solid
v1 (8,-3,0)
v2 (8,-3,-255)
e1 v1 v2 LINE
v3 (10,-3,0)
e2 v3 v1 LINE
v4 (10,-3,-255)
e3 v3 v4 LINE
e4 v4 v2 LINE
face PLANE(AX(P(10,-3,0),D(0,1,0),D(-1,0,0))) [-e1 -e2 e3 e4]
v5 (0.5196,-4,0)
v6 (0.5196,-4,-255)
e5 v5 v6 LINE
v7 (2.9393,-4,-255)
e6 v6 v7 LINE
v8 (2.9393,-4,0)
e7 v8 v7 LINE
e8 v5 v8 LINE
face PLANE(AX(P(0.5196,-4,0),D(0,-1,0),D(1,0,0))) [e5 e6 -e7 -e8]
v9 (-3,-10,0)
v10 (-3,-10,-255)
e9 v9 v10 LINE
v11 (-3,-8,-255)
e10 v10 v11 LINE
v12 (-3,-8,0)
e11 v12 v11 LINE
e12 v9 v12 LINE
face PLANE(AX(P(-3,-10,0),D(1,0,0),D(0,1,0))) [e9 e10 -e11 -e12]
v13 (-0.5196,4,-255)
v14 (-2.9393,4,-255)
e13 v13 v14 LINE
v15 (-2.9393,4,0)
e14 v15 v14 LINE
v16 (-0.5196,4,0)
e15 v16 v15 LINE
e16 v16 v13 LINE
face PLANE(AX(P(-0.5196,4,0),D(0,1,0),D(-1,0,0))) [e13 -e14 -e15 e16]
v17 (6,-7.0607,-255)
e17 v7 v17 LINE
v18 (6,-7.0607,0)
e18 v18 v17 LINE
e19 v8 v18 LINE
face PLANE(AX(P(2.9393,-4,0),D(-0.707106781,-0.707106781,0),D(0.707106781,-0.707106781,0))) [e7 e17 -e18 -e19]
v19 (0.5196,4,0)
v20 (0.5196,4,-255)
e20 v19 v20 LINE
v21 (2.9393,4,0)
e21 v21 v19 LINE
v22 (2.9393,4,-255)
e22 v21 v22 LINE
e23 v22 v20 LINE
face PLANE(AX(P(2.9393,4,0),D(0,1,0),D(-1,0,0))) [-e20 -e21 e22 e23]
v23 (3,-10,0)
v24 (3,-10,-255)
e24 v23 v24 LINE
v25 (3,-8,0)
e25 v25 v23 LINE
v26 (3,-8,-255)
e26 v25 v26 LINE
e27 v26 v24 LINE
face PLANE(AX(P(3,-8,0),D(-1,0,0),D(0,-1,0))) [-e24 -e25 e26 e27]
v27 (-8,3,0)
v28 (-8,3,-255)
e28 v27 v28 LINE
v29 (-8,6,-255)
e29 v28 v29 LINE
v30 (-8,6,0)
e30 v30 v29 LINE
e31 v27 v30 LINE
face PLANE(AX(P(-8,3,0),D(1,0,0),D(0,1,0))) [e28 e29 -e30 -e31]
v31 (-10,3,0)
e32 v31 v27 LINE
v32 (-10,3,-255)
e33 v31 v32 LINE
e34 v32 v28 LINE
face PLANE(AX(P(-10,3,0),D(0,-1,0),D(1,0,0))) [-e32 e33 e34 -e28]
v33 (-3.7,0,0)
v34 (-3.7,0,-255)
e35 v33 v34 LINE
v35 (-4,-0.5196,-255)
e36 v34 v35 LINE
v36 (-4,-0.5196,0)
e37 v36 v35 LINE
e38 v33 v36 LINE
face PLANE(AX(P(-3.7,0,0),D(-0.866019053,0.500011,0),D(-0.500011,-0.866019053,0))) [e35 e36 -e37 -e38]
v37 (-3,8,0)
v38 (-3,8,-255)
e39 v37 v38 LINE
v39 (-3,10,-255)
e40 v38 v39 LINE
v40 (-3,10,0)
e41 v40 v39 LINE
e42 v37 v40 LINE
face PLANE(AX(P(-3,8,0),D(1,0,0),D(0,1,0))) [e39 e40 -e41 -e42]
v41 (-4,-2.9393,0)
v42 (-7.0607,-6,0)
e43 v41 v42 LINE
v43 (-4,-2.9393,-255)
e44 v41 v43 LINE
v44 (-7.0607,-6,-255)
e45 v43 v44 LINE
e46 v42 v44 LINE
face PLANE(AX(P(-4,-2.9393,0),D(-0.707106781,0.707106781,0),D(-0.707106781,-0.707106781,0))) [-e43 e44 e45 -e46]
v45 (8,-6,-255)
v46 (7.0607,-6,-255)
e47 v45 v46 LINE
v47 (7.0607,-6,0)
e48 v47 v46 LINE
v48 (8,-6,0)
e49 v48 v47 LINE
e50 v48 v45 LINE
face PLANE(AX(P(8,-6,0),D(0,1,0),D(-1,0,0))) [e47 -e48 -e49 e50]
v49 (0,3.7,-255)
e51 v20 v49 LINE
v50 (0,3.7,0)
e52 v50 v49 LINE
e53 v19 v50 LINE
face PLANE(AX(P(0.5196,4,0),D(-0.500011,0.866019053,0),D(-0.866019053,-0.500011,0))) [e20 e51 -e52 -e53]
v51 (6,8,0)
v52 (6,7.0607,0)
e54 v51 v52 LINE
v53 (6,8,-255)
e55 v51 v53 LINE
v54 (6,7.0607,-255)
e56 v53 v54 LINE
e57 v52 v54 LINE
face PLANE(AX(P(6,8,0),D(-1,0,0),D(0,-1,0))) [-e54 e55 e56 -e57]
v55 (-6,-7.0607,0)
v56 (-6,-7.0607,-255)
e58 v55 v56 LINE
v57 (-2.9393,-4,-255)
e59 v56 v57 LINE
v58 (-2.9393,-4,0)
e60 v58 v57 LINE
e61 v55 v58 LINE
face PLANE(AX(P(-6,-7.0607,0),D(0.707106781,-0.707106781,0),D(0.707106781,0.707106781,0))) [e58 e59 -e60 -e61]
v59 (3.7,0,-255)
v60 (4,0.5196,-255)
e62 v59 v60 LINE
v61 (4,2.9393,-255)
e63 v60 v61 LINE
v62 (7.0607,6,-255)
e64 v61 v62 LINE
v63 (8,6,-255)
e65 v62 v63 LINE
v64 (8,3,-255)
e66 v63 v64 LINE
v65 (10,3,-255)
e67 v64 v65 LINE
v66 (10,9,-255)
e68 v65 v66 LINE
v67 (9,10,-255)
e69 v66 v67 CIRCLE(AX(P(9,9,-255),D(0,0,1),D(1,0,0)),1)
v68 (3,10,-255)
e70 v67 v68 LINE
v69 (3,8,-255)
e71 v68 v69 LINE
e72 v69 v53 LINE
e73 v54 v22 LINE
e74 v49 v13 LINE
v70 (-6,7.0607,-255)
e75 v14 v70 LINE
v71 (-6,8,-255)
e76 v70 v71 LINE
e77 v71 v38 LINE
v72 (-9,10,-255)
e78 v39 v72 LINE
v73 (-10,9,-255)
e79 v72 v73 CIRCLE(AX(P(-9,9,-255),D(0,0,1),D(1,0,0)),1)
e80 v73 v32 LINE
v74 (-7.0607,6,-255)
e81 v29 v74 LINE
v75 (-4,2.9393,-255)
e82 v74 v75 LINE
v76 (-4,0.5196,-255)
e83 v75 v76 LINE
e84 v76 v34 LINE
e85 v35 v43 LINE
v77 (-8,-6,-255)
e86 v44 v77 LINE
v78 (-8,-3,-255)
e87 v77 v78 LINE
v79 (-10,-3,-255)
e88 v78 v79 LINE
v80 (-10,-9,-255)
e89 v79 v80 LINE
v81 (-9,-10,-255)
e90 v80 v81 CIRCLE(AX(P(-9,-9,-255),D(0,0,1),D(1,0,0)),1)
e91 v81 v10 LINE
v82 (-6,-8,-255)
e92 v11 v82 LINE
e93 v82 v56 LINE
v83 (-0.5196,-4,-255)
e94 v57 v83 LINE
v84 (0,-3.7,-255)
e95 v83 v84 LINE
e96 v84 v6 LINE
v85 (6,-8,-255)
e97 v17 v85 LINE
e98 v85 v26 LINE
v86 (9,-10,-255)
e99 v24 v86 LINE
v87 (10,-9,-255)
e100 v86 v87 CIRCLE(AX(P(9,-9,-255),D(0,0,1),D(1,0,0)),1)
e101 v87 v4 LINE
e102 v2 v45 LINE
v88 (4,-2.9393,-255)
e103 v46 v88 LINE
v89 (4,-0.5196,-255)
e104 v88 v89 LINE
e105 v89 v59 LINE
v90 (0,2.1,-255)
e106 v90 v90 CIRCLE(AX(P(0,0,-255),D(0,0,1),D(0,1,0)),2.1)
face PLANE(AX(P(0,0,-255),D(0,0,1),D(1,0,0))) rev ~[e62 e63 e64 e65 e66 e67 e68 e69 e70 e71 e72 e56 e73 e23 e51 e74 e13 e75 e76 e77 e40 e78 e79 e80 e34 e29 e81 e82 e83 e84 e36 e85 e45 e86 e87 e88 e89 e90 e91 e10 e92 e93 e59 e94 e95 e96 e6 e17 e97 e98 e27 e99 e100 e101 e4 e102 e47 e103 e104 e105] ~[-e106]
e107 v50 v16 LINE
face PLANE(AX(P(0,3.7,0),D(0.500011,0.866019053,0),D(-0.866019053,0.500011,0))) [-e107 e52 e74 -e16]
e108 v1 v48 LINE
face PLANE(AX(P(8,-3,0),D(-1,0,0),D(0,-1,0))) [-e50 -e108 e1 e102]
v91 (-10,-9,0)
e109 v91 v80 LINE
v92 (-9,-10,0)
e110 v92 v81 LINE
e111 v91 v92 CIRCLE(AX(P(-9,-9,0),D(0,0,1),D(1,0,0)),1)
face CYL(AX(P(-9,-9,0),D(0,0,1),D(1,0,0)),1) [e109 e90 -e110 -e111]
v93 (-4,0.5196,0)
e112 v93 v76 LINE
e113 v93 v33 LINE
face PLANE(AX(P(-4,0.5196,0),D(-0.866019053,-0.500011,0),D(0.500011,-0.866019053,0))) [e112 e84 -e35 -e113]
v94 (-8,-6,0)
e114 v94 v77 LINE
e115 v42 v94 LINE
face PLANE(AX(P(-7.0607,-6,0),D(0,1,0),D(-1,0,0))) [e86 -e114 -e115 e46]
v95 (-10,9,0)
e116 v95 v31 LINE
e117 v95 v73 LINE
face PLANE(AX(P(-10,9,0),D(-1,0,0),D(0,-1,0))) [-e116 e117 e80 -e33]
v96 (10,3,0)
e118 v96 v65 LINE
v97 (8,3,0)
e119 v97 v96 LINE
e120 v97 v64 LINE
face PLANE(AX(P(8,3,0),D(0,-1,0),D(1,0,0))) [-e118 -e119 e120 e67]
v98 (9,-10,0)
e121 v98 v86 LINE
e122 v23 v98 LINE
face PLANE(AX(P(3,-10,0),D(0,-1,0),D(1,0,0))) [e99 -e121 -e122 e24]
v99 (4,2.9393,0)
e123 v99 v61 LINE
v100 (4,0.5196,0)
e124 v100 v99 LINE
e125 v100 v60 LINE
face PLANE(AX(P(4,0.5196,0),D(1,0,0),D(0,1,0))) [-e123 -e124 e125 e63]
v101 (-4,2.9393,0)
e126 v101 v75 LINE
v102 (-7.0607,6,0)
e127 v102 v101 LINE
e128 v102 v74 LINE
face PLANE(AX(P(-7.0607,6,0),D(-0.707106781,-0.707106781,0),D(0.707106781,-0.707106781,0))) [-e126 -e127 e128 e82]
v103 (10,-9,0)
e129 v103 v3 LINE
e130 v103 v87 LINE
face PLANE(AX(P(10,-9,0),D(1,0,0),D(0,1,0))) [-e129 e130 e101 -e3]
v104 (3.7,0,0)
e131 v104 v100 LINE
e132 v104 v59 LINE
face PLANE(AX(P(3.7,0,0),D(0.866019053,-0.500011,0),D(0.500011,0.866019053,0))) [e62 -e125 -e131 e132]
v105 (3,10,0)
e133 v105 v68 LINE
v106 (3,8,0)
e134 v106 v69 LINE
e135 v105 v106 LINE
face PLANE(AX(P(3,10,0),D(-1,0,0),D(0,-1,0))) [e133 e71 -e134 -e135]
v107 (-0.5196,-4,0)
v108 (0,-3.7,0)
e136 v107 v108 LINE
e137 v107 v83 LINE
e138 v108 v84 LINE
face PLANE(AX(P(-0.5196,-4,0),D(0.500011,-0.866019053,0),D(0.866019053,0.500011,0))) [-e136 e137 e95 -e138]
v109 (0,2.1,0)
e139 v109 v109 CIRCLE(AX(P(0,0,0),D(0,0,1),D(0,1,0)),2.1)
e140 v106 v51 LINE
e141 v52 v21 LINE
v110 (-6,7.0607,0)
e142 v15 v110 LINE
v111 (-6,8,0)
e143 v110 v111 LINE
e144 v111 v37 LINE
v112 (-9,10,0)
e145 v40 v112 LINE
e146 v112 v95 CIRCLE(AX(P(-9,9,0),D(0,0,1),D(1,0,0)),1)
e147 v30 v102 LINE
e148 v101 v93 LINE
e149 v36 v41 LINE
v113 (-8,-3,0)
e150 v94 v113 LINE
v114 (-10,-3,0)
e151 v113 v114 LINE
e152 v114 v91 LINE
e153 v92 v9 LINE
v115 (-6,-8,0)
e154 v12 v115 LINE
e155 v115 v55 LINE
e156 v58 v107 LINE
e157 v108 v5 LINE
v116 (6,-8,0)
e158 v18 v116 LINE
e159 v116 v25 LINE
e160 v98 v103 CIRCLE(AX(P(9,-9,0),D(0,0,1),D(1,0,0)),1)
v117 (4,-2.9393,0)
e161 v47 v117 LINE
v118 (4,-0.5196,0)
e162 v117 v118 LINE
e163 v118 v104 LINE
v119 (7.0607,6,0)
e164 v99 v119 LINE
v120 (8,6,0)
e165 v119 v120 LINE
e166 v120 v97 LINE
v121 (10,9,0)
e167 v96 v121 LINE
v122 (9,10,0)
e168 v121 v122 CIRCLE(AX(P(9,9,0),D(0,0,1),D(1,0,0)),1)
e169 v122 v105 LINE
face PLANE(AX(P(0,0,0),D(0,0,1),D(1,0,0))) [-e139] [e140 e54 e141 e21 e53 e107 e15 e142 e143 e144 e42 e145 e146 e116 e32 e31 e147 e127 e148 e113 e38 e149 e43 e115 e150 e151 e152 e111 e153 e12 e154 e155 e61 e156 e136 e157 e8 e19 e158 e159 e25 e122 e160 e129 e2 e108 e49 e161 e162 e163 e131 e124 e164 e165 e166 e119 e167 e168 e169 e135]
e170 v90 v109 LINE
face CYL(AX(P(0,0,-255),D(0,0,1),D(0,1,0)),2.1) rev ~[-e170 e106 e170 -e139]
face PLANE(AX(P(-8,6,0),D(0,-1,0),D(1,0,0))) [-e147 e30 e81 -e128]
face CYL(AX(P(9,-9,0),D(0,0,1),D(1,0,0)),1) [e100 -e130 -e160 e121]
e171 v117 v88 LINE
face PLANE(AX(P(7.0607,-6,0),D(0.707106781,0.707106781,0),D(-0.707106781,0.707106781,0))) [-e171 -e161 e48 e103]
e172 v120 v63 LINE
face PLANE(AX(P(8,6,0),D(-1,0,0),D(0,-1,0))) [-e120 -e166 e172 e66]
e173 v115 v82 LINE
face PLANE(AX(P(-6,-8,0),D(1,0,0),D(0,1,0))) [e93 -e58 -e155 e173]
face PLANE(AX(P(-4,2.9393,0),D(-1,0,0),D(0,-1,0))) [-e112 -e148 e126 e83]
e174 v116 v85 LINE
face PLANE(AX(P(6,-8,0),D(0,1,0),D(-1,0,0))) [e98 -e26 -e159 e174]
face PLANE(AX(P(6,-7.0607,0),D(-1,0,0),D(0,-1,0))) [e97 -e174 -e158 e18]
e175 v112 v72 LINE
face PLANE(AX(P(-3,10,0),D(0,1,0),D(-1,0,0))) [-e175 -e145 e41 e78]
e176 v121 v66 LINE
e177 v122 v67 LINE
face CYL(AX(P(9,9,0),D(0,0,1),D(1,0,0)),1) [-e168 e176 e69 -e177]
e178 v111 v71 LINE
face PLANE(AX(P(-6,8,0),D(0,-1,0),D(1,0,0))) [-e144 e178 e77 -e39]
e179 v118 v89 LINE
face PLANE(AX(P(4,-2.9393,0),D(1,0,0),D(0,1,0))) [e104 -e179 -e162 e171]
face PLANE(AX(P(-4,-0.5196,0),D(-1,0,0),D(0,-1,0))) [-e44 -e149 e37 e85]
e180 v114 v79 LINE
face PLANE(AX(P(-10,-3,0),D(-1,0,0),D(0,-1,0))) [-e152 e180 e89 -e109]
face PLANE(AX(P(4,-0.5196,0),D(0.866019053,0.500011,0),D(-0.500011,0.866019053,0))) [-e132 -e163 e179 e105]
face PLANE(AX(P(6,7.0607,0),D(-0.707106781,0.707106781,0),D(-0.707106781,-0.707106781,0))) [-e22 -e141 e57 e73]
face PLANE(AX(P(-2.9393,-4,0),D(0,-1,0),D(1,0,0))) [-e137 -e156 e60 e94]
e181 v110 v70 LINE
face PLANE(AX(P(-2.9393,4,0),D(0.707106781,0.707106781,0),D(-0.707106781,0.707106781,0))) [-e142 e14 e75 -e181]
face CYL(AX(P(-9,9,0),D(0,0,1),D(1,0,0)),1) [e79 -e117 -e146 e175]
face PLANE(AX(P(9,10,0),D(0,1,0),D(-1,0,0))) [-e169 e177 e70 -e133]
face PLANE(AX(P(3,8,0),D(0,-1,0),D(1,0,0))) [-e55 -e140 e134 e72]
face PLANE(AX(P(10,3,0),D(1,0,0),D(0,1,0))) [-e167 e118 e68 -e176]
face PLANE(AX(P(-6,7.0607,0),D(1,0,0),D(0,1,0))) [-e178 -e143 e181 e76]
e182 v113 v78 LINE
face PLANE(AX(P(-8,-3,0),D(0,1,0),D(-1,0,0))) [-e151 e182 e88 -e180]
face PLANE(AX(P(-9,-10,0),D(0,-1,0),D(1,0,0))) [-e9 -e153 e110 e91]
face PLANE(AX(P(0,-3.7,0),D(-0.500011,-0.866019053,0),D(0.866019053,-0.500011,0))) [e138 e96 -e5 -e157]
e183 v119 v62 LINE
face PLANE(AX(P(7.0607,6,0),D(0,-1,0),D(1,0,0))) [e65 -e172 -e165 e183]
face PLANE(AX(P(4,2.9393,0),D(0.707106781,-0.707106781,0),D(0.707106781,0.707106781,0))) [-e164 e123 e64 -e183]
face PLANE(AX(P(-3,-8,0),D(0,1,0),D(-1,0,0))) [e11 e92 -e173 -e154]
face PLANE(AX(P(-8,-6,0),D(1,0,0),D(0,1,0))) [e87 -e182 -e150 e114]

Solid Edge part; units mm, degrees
sketch "Sketch1" plane through (0, 0, 0) normal (0, 0, 1) x (1, 0, 0)
  line L0 (-10, -3) -> (-10, -9)
  arc A0 (-10, -9) -> (-9, -10) centre (-9, -9) ccw
  line L1 (-9, -10) -> (-3, -10)
  line L2 (-3, -10) -> (-3, -8)
  line L3 (-3, -8) -> (-6, -8)
  line L4 (-6, -8) -> (-6, -7.0607)
  line L5 (-6, -7.0607) -> (-2.9393, -4)
  line L6 (-2.9393, -4) -> (-0.5196, -4)
  line L7 (-0.5196, -4) -> (0, -3.7)
  line L8 (0, -3.7) -> (0.5196, -4)
  line L9 (0.5196, -4) -> (2.9393, -4)
  line L10 (2.9393, -4) -> (6, -7.0607)
  line L11 (6, -7.0607) -> (6, -8)
  line L12 (6, -8) -> (3, -8)
  line L13 (3, -8) -> (3, -10)
  line L14 (3, -10) -> (9, -10)
  arc A1 (9, -10) -> (10, -9) centre (9, -9) ccw
  line L15 (10, -9) -> (10, -3)
  line L16 (10, -3) -> (8, -3)
  line L17 (8, -3) -> (8, -6)
  line L18 (8, -6) -> (7.0607, -6)
  line L19 (7.0607, -6) -> (4, -2.9393)
  line L20 (4, -2.9393) -> (4, -0.5196)
  line L21 (4, -0.5196) -> (3.7, 0)
  line L22 (3.7, 0) -> (4, 0.5196)
  line L23 (4, 0.5196) -> (4, 2.9393)
  line L24 (4, 2.9393) -> (7.0607, 6)
  line L25 (7.0607, 6) -> (8, 6)
  line L26 (8, 6) -> (8, 3)
  line L27 (8, 3) -> (10, 3)
  line L28 (10, 3) -> (10, 9)
  arc A2 (10, 9) -> (9, 10) centre (9, 9) ccw
  line L29 (9, 10) -> (3, 10)
  line L30 (3, 10) -> (3, 8)
  line L31 (3, 8) -> (6, 8)
  line L32 (6, 8) -> (6, 7.0607)
  line L33 (6, 7.0607) -> (2.9393, 4)
  line L34 (2.9393, 4) -> (0.5196, 4)
  line L35 (0.5196, 4) -> (0, 3.7)
  line L36 (0, 3.7) -> (-0.5196, 4)
  line L37 (-0.5196, 4) -> (-2.9393, 4)
  line L38 (-2.9393, 4) -> (-6, 7.0607)
  line L39 (-6, 7.0607) -> (-6, 8)
  line L40 (-6, 8) -> (-3, 8)
  line L41 (-3, 8) -> (-3, 10)
  line L42 (-3, 10) -> (-9, 10)
  arc A3 (-9, 10) -> (-10, 9) centre (-9, 9) ccw
  line L43 (-10, 9) -> (-10, 3)
  line L44 (-10, 3) -> (-8, 3)
  line L45 (-8, 3) -> (-8, 6)
  line L46 (-8, 6) -> (-7.0607, 6)
  line L47 (-7.0607, 6) -> (-4, 2.9393)
  line L48 (-4, 2.9393) -> (-4, 0.5196)
  line L49 (-4, 0.5196) -> (-3.7, 0)
  line L50 (-3.7, 0) -> (-4, -0.5196)
  line L51 (-4, -0.5196) -> (-4, -2.9393)
  line L52 (-4, -2.9393) -> (-7.0607, -6)
  line L53 (-7.0607, -6) -> (-8, -6)
  line L54 (-8, -6) -> (-8, -3)
  line L55 (-8, -3) -> (-10, -3)
extrude "Protrusion1" add sketch "Sketch1" against normal blind 255
hole "Hole_1" at (0, 0, -255) direction (0, 0, 1) diameter 4.2 depth 255
properties part number "HFS5-2020-300"
